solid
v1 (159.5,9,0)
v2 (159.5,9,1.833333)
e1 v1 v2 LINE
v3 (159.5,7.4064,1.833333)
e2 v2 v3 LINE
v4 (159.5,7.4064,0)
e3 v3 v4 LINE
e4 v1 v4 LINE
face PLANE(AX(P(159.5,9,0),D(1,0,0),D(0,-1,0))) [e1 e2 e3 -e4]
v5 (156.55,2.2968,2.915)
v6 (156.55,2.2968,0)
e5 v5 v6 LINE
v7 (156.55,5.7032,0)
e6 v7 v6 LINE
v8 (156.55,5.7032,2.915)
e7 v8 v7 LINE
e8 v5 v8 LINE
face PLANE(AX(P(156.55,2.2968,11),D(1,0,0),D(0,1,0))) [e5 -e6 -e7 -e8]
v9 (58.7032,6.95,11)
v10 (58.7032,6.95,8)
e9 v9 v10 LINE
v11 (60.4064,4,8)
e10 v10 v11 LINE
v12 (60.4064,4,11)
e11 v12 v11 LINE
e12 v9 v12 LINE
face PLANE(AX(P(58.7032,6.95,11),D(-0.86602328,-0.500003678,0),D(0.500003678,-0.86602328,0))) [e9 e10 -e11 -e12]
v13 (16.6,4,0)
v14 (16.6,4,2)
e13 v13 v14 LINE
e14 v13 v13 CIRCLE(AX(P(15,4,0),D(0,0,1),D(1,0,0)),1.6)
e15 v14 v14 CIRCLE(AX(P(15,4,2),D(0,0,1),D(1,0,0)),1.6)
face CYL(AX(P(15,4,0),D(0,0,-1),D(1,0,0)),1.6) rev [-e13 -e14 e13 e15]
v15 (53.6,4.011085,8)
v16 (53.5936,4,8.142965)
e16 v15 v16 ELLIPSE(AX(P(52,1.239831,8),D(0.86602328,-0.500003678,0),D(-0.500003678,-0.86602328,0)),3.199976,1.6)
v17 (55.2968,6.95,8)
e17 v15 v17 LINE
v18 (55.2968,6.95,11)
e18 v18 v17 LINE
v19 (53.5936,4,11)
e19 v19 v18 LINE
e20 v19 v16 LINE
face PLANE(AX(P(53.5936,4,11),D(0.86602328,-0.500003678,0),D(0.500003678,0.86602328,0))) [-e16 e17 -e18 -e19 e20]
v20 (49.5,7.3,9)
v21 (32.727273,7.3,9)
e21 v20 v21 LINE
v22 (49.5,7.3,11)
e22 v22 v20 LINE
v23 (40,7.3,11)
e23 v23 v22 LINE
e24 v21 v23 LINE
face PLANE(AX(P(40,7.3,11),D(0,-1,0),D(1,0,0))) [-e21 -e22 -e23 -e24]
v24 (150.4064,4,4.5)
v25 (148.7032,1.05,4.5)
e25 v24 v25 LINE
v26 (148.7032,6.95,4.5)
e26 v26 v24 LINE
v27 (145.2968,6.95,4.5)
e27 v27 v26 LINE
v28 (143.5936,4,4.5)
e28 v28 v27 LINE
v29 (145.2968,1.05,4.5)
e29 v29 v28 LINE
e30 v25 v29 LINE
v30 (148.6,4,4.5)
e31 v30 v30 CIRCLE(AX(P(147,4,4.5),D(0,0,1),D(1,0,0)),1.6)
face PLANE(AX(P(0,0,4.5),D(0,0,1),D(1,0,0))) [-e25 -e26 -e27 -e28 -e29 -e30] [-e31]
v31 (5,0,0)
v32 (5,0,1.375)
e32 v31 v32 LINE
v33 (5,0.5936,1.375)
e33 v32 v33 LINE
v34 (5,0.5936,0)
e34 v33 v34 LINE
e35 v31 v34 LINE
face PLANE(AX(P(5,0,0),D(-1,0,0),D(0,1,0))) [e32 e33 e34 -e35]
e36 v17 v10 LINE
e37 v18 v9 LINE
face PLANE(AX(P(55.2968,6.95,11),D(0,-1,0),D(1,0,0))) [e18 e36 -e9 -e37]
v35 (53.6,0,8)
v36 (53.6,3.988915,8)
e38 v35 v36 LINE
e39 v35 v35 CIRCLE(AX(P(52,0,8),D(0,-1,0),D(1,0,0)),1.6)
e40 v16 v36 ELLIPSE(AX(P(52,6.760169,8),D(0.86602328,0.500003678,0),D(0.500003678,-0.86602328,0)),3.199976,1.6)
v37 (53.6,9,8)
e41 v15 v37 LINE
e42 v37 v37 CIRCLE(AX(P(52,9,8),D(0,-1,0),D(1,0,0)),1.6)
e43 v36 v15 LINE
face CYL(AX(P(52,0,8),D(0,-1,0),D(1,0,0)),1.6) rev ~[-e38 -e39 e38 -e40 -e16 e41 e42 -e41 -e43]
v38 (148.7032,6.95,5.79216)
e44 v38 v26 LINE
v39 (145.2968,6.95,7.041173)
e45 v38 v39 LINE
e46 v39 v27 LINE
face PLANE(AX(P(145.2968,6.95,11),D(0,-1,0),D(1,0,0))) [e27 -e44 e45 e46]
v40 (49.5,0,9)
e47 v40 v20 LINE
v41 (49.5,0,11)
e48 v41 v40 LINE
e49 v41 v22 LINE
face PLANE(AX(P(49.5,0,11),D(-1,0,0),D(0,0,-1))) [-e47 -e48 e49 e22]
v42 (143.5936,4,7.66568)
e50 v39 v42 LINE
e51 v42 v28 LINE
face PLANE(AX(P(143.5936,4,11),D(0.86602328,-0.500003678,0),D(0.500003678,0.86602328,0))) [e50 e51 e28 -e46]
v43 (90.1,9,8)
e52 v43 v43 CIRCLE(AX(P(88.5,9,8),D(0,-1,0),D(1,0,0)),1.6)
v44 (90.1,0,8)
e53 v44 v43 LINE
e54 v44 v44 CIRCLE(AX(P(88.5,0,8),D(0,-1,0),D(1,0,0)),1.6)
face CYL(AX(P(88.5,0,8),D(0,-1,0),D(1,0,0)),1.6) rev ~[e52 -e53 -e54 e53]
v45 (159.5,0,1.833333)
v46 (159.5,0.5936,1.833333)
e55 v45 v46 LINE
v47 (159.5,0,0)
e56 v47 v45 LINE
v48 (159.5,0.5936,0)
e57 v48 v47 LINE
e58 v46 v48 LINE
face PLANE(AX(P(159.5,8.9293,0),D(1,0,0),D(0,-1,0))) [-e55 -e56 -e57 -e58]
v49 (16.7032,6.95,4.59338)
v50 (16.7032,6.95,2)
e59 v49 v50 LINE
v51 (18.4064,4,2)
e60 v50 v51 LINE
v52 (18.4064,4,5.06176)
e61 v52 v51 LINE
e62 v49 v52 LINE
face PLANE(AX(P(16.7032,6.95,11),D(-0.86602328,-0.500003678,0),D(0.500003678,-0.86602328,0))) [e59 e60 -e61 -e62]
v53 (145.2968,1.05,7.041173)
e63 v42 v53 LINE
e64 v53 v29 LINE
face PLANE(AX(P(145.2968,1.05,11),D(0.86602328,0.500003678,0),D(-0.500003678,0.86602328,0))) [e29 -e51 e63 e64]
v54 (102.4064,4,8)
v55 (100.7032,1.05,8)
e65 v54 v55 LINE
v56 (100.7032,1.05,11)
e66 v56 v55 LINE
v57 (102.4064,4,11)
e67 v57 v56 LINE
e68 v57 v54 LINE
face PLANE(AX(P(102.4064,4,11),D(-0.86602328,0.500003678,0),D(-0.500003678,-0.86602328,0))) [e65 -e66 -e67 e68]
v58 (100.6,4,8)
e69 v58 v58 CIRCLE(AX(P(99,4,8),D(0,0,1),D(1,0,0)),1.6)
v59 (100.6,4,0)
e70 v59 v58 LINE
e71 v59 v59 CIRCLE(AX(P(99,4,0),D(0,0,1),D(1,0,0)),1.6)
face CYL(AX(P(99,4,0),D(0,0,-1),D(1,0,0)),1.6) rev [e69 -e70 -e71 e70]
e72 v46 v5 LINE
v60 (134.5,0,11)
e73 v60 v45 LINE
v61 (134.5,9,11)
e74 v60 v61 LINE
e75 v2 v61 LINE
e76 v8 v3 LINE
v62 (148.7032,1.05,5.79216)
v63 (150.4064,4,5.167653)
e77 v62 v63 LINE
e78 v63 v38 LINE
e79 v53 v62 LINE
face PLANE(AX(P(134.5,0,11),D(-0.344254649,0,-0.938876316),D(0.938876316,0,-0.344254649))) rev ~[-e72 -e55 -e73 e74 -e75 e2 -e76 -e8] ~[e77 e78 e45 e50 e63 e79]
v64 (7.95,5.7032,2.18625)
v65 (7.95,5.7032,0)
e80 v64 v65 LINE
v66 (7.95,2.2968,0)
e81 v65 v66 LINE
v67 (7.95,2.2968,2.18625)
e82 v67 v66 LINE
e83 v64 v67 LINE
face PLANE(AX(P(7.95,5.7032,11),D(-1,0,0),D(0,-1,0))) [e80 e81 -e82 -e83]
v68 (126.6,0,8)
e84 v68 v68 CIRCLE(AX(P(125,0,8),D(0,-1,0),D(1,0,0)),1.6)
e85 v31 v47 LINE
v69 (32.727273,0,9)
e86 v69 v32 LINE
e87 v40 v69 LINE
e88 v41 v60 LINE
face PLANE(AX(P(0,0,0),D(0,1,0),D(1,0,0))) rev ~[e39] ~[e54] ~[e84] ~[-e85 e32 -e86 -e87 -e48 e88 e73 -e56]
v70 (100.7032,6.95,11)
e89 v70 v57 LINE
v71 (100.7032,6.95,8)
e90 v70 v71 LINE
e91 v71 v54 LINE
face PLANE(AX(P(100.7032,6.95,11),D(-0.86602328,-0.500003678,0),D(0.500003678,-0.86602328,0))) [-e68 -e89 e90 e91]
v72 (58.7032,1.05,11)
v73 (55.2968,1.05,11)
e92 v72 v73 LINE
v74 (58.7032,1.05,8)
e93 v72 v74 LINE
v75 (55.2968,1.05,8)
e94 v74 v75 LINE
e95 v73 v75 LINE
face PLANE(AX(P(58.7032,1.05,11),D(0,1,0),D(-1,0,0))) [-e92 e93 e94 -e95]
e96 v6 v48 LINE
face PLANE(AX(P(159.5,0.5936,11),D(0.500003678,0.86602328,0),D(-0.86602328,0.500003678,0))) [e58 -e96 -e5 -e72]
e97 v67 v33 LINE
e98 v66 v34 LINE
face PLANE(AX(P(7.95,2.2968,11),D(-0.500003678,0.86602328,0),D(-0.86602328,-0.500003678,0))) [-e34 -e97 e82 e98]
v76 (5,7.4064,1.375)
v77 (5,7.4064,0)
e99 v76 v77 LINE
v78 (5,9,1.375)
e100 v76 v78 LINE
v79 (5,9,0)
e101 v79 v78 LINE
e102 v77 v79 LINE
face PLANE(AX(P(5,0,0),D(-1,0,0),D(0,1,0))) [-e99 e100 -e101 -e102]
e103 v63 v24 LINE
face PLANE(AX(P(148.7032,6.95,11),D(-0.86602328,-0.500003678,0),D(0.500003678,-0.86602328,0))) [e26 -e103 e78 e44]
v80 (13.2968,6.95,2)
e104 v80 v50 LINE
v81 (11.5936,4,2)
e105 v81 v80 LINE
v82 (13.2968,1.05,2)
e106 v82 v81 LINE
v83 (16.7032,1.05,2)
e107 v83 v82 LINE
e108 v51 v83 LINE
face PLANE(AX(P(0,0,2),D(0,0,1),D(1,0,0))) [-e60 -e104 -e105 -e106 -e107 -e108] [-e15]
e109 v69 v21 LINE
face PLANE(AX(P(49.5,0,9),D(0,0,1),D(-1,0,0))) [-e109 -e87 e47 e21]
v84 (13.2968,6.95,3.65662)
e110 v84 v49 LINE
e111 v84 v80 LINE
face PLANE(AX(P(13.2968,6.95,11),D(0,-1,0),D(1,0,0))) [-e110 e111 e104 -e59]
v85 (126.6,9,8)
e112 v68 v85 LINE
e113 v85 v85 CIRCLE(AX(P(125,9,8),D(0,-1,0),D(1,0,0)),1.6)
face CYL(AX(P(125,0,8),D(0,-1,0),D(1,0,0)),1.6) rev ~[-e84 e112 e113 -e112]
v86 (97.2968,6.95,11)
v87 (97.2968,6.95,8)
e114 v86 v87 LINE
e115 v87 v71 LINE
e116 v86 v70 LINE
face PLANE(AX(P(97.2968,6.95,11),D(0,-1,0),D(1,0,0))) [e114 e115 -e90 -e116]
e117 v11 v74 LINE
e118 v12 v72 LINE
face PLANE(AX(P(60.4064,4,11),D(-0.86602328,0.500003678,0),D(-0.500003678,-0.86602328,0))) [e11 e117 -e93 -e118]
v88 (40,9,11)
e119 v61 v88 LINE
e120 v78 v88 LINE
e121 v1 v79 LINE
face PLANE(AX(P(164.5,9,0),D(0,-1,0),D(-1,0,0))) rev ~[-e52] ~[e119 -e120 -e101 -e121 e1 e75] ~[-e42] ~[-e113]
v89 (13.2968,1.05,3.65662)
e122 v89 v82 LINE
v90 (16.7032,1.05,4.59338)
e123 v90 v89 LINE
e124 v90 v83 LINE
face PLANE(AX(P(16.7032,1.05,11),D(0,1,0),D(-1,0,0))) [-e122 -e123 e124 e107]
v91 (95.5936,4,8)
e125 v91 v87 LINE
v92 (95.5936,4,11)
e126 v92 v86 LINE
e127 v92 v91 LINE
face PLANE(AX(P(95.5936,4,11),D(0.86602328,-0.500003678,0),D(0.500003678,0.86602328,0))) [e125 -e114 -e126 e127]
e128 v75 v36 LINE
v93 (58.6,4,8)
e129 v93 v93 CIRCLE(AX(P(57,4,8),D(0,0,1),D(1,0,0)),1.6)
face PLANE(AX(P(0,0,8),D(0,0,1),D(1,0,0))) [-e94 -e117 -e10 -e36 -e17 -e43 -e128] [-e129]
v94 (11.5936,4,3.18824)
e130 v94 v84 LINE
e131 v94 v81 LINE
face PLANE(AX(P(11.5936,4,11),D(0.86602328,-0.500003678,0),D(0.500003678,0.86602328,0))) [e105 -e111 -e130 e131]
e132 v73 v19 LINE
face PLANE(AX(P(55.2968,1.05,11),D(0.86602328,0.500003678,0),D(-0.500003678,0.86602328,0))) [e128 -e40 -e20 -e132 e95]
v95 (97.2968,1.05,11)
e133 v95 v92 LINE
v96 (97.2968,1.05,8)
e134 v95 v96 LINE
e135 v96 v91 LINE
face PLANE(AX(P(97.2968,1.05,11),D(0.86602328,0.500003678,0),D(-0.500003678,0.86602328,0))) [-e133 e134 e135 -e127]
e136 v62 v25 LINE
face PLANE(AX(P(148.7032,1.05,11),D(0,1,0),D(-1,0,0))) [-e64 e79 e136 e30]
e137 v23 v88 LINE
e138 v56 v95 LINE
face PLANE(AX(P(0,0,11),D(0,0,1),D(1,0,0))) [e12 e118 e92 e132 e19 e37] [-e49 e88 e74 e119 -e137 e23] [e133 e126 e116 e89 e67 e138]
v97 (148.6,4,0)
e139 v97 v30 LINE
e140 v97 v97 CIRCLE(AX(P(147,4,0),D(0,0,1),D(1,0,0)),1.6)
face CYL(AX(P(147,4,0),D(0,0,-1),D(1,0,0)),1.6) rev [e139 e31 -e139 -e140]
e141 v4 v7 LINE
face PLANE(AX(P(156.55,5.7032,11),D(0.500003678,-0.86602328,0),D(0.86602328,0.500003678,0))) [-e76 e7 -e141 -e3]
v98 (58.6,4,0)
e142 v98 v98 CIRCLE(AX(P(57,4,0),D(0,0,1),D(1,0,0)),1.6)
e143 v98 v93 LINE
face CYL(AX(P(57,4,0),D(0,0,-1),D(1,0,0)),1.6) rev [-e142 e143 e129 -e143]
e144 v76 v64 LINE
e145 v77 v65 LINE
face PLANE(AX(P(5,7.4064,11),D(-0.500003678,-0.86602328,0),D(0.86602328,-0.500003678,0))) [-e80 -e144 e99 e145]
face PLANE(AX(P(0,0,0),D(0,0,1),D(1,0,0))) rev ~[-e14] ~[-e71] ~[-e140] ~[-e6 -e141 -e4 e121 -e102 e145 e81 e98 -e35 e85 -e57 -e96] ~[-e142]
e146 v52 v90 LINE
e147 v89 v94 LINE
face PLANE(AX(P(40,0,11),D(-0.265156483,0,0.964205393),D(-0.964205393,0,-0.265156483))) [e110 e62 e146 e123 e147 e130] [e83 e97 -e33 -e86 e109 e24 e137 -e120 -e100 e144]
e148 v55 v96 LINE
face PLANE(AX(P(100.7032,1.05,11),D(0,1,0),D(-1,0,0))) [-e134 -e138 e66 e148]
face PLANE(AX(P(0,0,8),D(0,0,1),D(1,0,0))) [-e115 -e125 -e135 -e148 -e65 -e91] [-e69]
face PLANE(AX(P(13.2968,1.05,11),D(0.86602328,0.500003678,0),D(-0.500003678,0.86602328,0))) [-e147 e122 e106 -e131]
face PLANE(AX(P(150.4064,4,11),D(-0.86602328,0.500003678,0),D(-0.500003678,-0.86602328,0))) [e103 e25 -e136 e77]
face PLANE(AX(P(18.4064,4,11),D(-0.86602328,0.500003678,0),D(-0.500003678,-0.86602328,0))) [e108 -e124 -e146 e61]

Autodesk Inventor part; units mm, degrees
ref_plane "YZ Plane" through (0, 0, 0) normal (1, 0, 0) x (0, 1, 0)
ref_plane "XZ Plane" through (0, 0, 0) normal (0, 1, 0) x (-1, 0, 0)
ref_plane "XY Plane" through (0, 0, 0) normal (0, 0, 1) x (1, 0, 0)
sketch "Sketch1" plane through (0, 0, 0) normal (0, 0, 1) x (1, 0, 0)
  line L0 (0, 0) -> (164.5, 0)
  line L1 (164.5, 0) -> (164.5, 9)
  line L2 (164.5, 9) -> (0, 9)
  line L3 (0, 9) -> (0, 0)
  circle A0 centre (57, 4) radius 1.6
  circle A1 centre (99, 4) radius 1.6
  circle A2 centre (159.5, 4) radius 1.6
  circle A3 centre (147, 4) radius 1.6
  circle A4 centre (15, 4) radius 1.6
  circle A5 centre (5, 4) radius 1.6
  dimension "d1" = 9
  dimension "d2" = 90
  dimension "d4" = 3.2
  dimension "d6" = 3.2
  dimension "d7" = 3.2
  dimension "d8" = 42
  dimension "d9" = 60.5
  dimension "d26" = 3.2
  dimension "d27" = 48
  dimension "d28" = 3.2
  dimension "d29" = 42
  dimension "d32" = 15
  dimension "d33" = 5
  dimension "d61" = 3.2
  dimension "d62" = 10
  dimension "d63" = 12.5
  dimension "d108" = 4
  dimension "d109" = 4
  dimension "d110" = 4
  dimension "d111" = 4
  dimension "d112" = 4
  dimension "d113" = 4
ref_plane "Work Plane2" through (0, 0, 0) normal (0, -1, 0) x (1, 0, 0)
sketch "Sketch2" plane through (0, 0, 0) normal (0, -1, 0) x (1, 0, 0)
  circle A0 centre (52, 8) radius 1.6
  circle A1 centre (125, 8) radius 1.6
  circle A2 centre (88.5, 8) radius 1.6
  point P0 (0, 0)
  point P1 (52, 0)
  dimension "d13" = 3.2
  dimension "d15" = 3.2
  dimension "d17" = 3.2
  dimension "d18" = 36.5
  dimension "d64" = 52
  dimension "d65" = 36.5
  dimension "d114" = 8
  dimension "d115" = 73
ref_plane "Work Plane1" through (0, 0, 11) normal (0, 0, 1) x (1, 0, 0)
extrude "klocek" add sketch "Sketch1" along normal blind 11
ref_plane "Work Plane3" through (0, 0, 0) normal (0, -1, 0) x (1, 0, 0)
extrude "prowadzenie osi" cut sketch "Sketch2" against normal up to next
ref_plane "Work Plane4" through (0, 0, 0) normal (0, -1, 0) x (1, 0, 0)
sketch "Sketch7" plane through (0, 0, 0) normal (0, -1, 0) x (1, 0, 0)
  line L0 (0, 11) -> (0, 0)
  line L1 (0, 11) -> (164.5, 11) projected
  line L2 (0, 11) -> (40, 11)
  line L3 (40, 11) -> (0, 0)
  point P0 (0, -1.8333)
  dimension "d86" = 11
  dimension "d87" = 40
sketch "Sketch8" plane through (0, 0, 0) normal (0, -1, 0) x (1, 0, 0)
  line L0 (164.5, 0) -> (164.5, 11) projected
  line L1 (164.5, 11) -> (164.5, 0)
  line L2 (164.5, 11) -> (0, 11) projected
  line L3 (164.5, 11) -> (134.5, 11)
  line L4 (134.5, 11) -> (164.5, 0)
  point P0 (0, 0)
  point P1 (40.8333, 11)
  dimension "d80" = 11
  dimension "d81" = 30
extrude "przedni skos" cut sketch "Sketch7" against normal up to next
extrude "tylni skos" cut sketch "Sketch8" against normal up to next
ref_plane "Work Plane7" through (0, 0, 11) normal (0, 0, 1) x (1, 0, 0)
sketch "Sketch5" plane through (0, 0, 11) normal (0, 0, 1) x (1, 0, 0)
  circle A0 centre (99, 4) radius 1.6 projected
  line L0 (95.5936, 4) -> (97.2968, 6.95)
  line L1 (97.2968, 6.95) -> (100.7032, 6.95)
  line L2 (100.7032, 6.95) -> (102.4064, 4)
  line L3 (102.4064, 4) -> (100.7032, 1.05)
  line L4 (100.7032, 1.05) -> (97.2968, 1.05)
  line L5 (97.2968, 1.05) -> (95.5936, 4)
  circle A1 centre (57, 4) radius 1.6 projected
  line L6 (60.4064, 4) -> (58.7032, 1.05)
  line L7 (58.7032, 1.05) -> (55.2968, 1.05)
  line L8 (55.2968, 1.05) -> (53.5936, 4)
  line L9 (53.5936, 4) -> (55.2968, 6.95)
  line L10 (55.2968, 6.95) -> (58.7032, 6.95)
  line L11 (58.7032, 6.95) -> (60.4064, 4)
  point P0 (119.5, 5)
  dimension "d98" = 5.9
  dimension "d100" = 5.9
extrude "hex insert middle" cut sketch "Sketch5" against normal blind 3
ref_plane "Work Plane6" through (0, 0, 11) normal (0, 0, 1) x (1, 0, 0)
sketch "Sketch9" plane through (0, 0, 11) normal (0, 0, 1) x (1, 0, 0)
  circle A0 centre (147, 4) radius 1.6 projected
  line L0 (150.4064, 4) -> (148.7032, 1.05)
  line L1 (148.7032, 1.05) -> (145.2968, 1.05)
  line L2 (145.2968, 1.05) -> (143.5936, 4)
  line L3 (143.5936, 4) -> (145.2968, 6.95)
  line L4 (145.2968, 6.95) -> (148.7032, 6.95)
  line L5 (148.7032, 6.95) -> (150.4064, 4)
  point P0 (0, 0)
  point P1 (153, 5)
  dimension "d99" = 5.9
extrude "hex insert rear 1" cut sketch "Sketch9" against normal blind 6.5
ref_plane "Work Plane5" through (0, 0, 11) normal (0, 0, 1) x (1, 0, 0)
sketch "Sketch10" plane through (0, 0, 11) normal (0, 0, 1) x (1, 0, 0)
  circle A0 centre (159.5, 4) radius 1.6 projected
  line L0 (162.45, 5.7032) -> (162.45, 2.2968)
  line L1 (162.45, 2.2968) -> (159.5, 0.5936)
  line L2 (159.5, 0.5936) -> (156.55, 2.2968)
  line L3 (156.55, 2.2968) -> (156.55, 5.7032)
  line L4 (156.55, 5.7032) -> (159.5, 7.4064)
  line L5 (159.5, 7.4064) -> (162.45, 5.7032)
  line L6 (164.5, 0) -> (134.5, 0) projected
  point P0 (0, 0)
  dimension "d118" = 5.9
extrude "hex insert rear 2" cut sketch "Sketch10" against normal up to next contours A0 | L0 L1 L2 L3 L4 L5
sketch "Sketch13" plane through (0, 0, 11) normal (0, 0, 1) x (1, 0, 0)
  line L0 (197.4, 0) -> (-32.9, 0) projected
  line L1 (7.95, 2.2968) -> (5, 0.5936)
  line L2 (5, 0.5936) -> (2.05, 2.2968)
  line L3 (2.05, 2.2968) -> (2.05, 5.7032)
  line L4 (2.05, 5.7032) -> (5, 7.4064)
  line L5 (5, 7.4064) -> (7.95, 5.7032)
  line L6 (7.95, 5.7032) -> (7.95, 2.2968)
  point P0 (0, 0)
  point P1 (5, 4)
  point P2 (5, 4)
  dimension "d117" = 5.9
extrude "hex insert front 1" cut sketch "Sketch13" against normal through all
sketch "Sketch16" plane through (0, 0, 11) normal (0, 0, 1) x (1, 0, 0)
  circle A0 centre (15, 4) radius 1.6 projected
  line L0 (18.4064, 4) -> (16.7032, 1.05)
  line L1 (16.7032, 1.05) -> (13.2968, 1.05)
  line L2 (13.2968, 1.05) -> (11.5936, 4)
  line L3 (11.5936, 4) -> (13.2968, 6.95)
  line L4 (13.2968, 6.95) -> (16.7032, 6.95)
  line L5 (16.7032, 6.95) -> (18.4064, 4)
  point P0 (0, 0)
  dimension "d93" = 5.9
extrude "hex insert front 2" cut sketch "Sketch16" against normal blind 9
sketch "Sketch17" plane through (0, 0, 0) normal (0, 0, -1) x (-1, 0, 0)
  line L0 (0, 9) -> (0, 0) projected
  line L1 (0, 0) -> (-5, 0)
  line L2 (-5, 0) -> (-5, 10.0042)
  line L3 (-5, 10.0042) -> (0, 10.0042)
  line L4 (0, 10.0042) -> (0, 0)
  point P0 (-5, 7.4064)
extrude "ciecie przod" cut sketch "Sketch17" against normal up to next
sketch "Sketch18" plane through (40, 0, 11) normal (0, -1, 0) x (1, 0, 0)
  line L0 (9.5, 0) -> (9.5, -2)
  line L1 (9.5, -2) -> (-7.5, -2)
  line L2 (-7.5, -2) -> (-7.5, 0)
  line L3 (-7.5, 0) -> (9.5, 0)
  line L4 (94.5, 0) -> (0, 0) projected
  circle A0 centre (12, -3) radius 1.6 projected
  line L5 (-35, -11) -> (124.5, -11) projected
  point P0 (-40, -11)
  dimension "d102" = 2
  dimension "d103" = 17
  dimension "d104" = 2.5
extrude "sensor linii" cut sketch "Sketch18" against normal blind 7.3 contours L0 L1 L2 L3
sketch "Sketch21" plane through (0, 0, 0) normal (0, 0, -1) x (-1, 0, 0)
  line L0 (-159.5, 8.9293) -> (-159.5, 0)
  line L1 (-164.5, 0) -> (-134.5, 0) projected
  line L2 (-159.5, 0) -> (-164.5, 0)
  line L3 (-164.5, 0) -> (-164.5, 9)
  line L4 (-164.5, 9) -> (-159.5, 9)
  line L5 (-159.5, 9) -> (-159.5, 8.9293)
  line L6 (-134.5, 9) -> (-164.5, 9) projected
  line L7 (-164.5, 9) -> (-164.5, 0) projected
  point P0 (0, 0)
extrude "ciecie tyl" cut sketch "Sketch21" against normal up to next
properties part number "wheel_support_v4_narrow_with_line_sensor_all_holes"
